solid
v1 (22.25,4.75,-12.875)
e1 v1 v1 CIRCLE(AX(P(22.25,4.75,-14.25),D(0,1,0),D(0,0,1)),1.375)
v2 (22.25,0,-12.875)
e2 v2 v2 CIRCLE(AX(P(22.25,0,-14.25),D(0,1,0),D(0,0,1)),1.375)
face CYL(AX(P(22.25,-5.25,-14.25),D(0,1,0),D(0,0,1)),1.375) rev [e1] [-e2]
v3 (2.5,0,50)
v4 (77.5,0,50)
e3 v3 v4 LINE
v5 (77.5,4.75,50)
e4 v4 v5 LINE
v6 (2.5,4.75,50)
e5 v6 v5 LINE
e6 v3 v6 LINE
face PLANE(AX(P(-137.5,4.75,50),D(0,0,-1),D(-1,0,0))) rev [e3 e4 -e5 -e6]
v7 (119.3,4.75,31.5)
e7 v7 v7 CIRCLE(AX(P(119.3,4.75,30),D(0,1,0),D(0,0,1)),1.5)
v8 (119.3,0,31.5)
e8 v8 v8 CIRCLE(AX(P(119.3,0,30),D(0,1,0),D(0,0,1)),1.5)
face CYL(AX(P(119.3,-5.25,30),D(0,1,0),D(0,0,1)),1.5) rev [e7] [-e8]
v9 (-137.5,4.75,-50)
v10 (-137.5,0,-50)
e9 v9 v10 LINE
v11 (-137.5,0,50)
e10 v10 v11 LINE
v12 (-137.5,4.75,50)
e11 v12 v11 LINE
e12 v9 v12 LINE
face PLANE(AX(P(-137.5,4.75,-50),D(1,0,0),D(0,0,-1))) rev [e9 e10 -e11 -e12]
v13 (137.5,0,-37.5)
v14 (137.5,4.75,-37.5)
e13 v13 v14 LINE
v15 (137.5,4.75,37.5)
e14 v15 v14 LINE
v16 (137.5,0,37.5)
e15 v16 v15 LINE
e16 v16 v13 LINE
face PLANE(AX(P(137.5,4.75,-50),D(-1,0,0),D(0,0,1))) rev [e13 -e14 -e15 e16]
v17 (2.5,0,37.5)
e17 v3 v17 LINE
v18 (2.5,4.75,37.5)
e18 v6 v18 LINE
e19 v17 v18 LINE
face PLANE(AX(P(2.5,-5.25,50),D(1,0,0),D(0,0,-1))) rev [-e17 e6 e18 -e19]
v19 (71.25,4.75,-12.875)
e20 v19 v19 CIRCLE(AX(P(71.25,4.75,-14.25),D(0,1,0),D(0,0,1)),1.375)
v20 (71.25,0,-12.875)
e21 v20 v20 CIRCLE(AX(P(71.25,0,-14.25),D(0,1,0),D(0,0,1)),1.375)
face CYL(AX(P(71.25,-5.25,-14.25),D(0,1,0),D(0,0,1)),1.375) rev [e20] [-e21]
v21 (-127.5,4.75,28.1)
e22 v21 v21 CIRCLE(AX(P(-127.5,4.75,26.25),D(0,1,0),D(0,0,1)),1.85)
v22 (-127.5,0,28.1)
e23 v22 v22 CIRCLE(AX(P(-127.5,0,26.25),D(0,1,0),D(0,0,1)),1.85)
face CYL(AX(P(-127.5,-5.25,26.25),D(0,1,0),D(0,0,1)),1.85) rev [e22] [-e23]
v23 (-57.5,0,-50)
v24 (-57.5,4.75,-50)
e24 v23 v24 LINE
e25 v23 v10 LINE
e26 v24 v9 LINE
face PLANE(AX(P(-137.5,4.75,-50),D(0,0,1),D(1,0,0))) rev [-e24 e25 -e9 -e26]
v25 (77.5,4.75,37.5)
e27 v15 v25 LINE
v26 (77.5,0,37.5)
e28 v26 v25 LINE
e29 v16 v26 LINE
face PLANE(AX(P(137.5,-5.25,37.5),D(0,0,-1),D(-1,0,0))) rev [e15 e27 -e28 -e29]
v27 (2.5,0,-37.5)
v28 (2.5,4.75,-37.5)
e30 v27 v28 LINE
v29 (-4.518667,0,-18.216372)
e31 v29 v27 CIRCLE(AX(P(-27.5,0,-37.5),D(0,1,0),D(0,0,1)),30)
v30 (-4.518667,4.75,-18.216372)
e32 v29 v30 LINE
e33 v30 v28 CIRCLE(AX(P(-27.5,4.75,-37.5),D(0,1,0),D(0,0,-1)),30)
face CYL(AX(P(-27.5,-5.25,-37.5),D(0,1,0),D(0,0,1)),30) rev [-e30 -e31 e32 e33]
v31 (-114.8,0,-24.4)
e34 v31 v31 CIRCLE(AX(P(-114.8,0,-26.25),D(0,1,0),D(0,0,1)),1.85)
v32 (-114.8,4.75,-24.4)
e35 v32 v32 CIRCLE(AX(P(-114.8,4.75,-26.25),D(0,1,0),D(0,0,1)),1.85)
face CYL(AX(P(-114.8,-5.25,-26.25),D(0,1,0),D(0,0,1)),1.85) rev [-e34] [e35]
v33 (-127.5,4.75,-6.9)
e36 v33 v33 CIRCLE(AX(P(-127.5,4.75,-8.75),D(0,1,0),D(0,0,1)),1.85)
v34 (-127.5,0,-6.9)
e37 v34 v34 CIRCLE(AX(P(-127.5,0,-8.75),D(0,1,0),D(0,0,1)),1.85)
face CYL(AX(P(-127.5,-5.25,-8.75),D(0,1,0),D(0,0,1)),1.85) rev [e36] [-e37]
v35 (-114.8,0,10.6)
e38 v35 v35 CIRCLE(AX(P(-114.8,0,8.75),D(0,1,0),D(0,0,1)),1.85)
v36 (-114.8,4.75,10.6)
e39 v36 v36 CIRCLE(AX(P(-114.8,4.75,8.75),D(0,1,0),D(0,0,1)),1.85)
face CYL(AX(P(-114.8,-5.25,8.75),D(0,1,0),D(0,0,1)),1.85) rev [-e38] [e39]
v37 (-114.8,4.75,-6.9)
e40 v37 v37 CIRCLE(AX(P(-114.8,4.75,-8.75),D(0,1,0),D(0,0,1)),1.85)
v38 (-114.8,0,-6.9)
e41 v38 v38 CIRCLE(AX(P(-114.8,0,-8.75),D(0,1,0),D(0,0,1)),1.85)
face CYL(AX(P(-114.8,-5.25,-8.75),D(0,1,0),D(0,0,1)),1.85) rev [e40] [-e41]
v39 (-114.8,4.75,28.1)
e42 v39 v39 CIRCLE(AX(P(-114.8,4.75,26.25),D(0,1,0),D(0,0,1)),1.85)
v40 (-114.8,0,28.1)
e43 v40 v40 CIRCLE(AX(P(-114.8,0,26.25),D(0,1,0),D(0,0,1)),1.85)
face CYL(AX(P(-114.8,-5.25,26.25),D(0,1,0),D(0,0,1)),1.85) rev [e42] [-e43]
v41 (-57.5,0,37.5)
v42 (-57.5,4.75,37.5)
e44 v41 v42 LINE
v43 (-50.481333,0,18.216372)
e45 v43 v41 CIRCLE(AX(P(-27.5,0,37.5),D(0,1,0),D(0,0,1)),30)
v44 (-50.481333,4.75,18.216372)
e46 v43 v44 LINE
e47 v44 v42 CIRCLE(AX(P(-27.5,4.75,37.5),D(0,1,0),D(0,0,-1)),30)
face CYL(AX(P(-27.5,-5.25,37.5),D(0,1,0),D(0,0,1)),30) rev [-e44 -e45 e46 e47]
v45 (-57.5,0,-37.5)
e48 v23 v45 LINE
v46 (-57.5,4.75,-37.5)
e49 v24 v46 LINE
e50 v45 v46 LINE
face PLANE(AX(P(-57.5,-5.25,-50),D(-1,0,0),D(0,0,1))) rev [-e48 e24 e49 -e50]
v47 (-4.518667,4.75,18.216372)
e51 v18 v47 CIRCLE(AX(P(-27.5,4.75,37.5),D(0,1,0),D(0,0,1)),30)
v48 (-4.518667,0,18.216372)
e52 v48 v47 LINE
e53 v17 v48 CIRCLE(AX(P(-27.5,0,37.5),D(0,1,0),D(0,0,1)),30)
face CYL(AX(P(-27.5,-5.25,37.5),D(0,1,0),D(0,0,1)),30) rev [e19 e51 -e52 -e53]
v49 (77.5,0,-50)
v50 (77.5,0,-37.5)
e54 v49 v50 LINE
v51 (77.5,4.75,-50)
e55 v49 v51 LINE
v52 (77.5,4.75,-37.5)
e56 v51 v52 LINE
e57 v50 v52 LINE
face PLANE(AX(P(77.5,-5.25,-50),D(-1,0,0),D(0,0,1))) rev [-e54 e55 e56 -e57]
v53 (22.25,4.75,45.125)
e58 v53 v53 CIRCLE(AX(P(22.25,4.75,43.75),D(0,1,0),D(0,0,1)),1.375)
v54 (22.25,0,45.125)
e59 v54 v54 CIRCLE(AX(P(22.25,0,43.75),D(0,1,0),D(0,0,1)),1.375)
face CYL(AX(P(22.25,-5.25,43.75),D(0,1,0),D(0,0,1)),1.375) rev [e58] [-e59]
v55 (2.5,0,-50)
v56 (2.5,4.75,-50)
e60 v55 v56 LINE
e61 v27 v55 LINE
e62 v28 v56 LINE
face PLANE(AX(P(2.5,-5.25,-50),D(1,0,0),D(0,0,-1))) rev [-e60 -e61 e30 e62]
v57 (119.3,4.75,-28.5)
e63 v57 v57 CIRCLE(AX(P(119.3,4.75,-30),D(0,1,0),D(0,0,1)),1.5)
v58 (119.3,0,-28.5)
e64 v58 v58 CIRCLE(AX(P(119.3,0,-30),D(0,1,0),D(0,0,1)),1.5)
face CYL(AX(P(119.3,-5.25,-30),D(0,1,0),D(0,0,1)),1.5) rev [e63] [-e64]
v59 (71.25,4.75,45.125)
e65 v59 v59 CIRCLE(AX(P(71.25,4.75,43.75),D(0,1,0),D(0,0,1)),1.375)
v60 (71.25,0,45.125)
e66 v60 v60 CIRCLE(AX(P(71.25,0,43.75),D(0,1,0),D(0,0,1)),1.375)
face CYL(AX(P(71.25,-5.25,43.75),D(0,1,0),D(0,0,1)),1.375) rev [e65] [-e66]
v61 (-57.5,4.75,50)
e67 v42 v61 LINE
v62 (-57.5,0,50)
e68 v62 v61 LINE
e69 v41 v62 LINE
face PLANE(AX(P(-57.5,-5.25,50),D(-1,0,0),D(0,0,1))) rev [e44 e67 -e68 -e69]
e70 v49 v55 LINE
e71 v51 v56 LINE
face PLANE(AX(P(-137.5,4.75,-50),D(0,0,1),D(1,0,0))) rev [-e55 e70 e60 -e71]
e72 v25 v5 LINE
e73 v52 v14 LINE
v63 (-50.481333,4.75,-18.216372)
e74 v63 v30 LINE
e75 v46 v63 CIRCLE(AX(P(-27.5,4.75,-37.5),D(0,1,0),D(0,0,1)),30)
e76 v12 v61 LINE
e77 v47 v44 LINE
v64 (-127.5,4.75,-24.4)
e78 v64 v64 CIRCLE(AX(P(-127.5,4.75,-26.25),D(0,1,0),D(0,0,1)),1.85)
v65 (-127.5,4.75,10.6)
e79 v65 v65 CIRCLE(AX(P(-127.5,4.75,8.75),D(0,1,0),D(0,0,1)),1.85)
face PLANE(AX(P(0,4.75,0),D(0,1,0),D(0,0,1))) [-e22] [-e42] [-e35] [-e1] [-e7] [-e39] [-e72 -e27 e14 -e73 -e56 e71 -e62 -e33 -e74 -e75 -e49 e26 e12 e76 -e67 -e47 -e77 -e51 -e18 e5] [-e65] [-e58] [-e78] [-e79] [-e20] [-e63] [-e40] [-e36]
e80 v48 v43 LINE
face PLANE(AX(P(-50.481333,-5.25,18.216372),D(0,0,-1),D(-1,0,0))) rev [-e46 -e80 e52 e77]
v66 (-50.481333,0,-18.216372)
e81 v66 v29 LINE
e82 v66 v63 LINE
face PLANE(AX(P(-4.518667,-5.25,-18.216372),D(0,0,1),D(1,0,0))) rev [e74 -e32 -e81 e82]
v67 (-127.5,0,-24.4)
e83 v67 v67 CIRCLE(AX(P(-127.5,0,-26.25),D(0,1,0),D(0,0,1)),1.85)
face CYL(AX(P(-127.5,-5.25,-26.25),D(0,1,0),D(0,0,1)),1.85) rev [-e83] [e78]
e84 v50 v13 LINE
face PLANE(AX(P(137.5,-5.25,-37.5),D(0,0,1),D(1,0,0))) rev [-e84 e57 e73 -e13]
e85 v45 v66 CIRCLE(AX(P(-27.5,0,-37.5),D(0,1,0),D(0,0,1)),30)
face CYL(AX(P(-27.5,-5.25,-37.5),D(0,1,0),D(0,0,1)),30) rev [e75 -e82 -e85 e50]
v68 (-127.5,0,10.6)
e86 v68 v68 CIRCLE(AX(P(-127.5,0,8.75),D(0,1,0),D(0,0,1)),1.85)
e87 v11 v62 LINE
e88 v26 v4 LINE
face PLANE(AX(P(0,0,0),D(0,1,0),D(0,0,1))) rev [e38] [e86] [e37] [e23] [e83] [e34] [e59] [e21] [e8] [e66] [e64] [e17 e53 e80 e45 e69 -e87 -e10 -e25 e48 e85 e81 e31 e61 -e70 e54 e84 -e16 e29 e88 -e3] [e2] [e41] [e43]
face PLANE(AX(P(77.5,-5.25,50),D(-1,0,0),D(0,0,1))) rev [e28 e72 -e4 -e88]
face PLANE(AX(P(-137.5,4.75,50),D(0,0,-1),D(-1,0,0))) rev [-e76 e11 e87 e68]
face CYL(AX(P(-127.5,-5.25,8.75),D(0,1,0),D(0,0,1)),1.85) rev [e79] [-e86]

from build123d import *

# Parameters (mm, degrees)
SKETCH1_W           = 275
SKETCH1_H           = 100
BOSS_EXTRUDE4_DEPTH = 4.75
SKETCH3_R           = 1.5
SKETCH3_W           = 60
SKETCH3_H           = 12.5
CUT_EXTRUDE1_DEPTH  = 10
SKETCH4_R           = 1.85
SKETCH4_R_2         = 1.375
CUT_EXTRUDE2_DEPTH  = 10


with BuildPart() as part:
    # Sketch1 → Boss-Extrude4 (new body)
    with BuildSketch(Plane(origin=(0, 0, 0), x_dir=(1, 0, 0), z_dir=(0, 1, 0))):
        Rectangle(SKETCH1_W, SKETCH1_H)
    extrude(amount=BOSS_EXTRUDE4_DEPTH)

    # Sketch3 → Cut-Extrude1 (cut)
    with BuildSketch(Plane(origin=(0, 4.75, 0), x_dir=(1, 0, 0), z_dir=(0, 1, 0))):
        with Locations(Location((119.3, -30, 0), (0, 0, 270))):
            Circle(SKETCH3_R)
        with Locations(Location((119.3, 30, 0), (0, 0, 270))):
            Circle(SKETCH3_R)
        with Locations((107.5, -43.75)):
            Rectangle(SKETCH3_W, SKETCH3_H)
        with Locations((107.5, 43.75)):
            Rectangle(SKETCH3_W, SKETCH3_H)
        with BuildLine():
            Line((2.5, -50), (-57.5, -50))
            Line((-57.5, -50), (-57.5, -37.5))
            ThreePointArc((-57.5, -37.5), (-55.690778624, -27.2393957), (-50.481333294, -18.216371709))
            Line((-50.481333294, -18.216371709), (-4.518666706, -18.216371709))
            ThreePointArc((-4.518666706, -18.216371709), (0.690778624, -27.2393957), (2.5, -37.5))
            Line((2.5, -37.5), (2.5, -50))
        make_face()
        with BuildLine():
            Line((2.5, 50), (-57.5, 50))
            Line((-57.5, 50), (-57.5, 37.5))
            ThreePointArc((-57.5, 37.5), (-55.690778624, 27.2393957), (-50.481333294, 18.216371709))
            Line((-50.481333294, 18.216371709), (-4.518666706, 18.216371709))
            ThreePointArc((-4.518666706, 18.216371709), (0.690778624, 27.2393957), (2.5, 37.5))
            Line((2.5, 37.5), (2.5, 50))
        make_face()
    extrude(amount=-CUT_EXTRUDE1_DEPTH, mode=Mode.SUBTRACT)

    # Sketch4 → Cut-Extrude2 (cut)
    with BuildSketch(Plane(origin=(0, 4.75, 0), x_dir=(1, 0, 0), z_dir=(0, 1, 0))):
        with Locations(Location((-127.5, -26.25, 0), (0, 0, 270))):
            Circle(SKETCH4_R)
        with Locations(Location((-114.8, -26.25, 0), (0, 0, 270))):
            Circle(SKETCH4_R)
        with Locations(Location((-127.5, -8.75, 0), (0, 0, 270))):
            Circle(SKETCH4_R)
        with Locations(Location((-114.8, -8.75, 0), (0, 0, 270))):
            Circle(SKETCH4_R)
        with Locations(Location((-114.8, 8.75, 0), (0, 0, 270))):
            Circle(SKETCH4_R)
        with Locations(Location((-127.5, 8.75, 0), (0, 0, 270))):
            Circle(SKETCH4_R)
        with Locations(Location((-114.8, 26.25, 0), (0, 0, 270))):
            Circle(SKETCH4_R)
        with Locations(Location((-127.5, 26.25, 0), (0, 0, 270))):
            Circle(SKETCH4_R)
        with Locations(Location((71.25, -43.75, 0), (0, 0, 270))):
            Circle(SKETCH4_R_2)
        with Locations(Location((22.25, -43.75, 0), (0, 0, 270))):
            Circle(SKETCH4_R_2)
        with Locations(Location((71.25, 14.25, 0), (0, 0, 270))):
            Circle(SKETCH4_R_2)
        with Locations(Location((22.25, 14.25, 0), (0, 0, 270))):
            Circle(SKETCH4_R_2)
    extrude(amount=-CUT_EXTRUDE2_DEPTH, mode=Mode.SUBTRACT)


solid = part.part
